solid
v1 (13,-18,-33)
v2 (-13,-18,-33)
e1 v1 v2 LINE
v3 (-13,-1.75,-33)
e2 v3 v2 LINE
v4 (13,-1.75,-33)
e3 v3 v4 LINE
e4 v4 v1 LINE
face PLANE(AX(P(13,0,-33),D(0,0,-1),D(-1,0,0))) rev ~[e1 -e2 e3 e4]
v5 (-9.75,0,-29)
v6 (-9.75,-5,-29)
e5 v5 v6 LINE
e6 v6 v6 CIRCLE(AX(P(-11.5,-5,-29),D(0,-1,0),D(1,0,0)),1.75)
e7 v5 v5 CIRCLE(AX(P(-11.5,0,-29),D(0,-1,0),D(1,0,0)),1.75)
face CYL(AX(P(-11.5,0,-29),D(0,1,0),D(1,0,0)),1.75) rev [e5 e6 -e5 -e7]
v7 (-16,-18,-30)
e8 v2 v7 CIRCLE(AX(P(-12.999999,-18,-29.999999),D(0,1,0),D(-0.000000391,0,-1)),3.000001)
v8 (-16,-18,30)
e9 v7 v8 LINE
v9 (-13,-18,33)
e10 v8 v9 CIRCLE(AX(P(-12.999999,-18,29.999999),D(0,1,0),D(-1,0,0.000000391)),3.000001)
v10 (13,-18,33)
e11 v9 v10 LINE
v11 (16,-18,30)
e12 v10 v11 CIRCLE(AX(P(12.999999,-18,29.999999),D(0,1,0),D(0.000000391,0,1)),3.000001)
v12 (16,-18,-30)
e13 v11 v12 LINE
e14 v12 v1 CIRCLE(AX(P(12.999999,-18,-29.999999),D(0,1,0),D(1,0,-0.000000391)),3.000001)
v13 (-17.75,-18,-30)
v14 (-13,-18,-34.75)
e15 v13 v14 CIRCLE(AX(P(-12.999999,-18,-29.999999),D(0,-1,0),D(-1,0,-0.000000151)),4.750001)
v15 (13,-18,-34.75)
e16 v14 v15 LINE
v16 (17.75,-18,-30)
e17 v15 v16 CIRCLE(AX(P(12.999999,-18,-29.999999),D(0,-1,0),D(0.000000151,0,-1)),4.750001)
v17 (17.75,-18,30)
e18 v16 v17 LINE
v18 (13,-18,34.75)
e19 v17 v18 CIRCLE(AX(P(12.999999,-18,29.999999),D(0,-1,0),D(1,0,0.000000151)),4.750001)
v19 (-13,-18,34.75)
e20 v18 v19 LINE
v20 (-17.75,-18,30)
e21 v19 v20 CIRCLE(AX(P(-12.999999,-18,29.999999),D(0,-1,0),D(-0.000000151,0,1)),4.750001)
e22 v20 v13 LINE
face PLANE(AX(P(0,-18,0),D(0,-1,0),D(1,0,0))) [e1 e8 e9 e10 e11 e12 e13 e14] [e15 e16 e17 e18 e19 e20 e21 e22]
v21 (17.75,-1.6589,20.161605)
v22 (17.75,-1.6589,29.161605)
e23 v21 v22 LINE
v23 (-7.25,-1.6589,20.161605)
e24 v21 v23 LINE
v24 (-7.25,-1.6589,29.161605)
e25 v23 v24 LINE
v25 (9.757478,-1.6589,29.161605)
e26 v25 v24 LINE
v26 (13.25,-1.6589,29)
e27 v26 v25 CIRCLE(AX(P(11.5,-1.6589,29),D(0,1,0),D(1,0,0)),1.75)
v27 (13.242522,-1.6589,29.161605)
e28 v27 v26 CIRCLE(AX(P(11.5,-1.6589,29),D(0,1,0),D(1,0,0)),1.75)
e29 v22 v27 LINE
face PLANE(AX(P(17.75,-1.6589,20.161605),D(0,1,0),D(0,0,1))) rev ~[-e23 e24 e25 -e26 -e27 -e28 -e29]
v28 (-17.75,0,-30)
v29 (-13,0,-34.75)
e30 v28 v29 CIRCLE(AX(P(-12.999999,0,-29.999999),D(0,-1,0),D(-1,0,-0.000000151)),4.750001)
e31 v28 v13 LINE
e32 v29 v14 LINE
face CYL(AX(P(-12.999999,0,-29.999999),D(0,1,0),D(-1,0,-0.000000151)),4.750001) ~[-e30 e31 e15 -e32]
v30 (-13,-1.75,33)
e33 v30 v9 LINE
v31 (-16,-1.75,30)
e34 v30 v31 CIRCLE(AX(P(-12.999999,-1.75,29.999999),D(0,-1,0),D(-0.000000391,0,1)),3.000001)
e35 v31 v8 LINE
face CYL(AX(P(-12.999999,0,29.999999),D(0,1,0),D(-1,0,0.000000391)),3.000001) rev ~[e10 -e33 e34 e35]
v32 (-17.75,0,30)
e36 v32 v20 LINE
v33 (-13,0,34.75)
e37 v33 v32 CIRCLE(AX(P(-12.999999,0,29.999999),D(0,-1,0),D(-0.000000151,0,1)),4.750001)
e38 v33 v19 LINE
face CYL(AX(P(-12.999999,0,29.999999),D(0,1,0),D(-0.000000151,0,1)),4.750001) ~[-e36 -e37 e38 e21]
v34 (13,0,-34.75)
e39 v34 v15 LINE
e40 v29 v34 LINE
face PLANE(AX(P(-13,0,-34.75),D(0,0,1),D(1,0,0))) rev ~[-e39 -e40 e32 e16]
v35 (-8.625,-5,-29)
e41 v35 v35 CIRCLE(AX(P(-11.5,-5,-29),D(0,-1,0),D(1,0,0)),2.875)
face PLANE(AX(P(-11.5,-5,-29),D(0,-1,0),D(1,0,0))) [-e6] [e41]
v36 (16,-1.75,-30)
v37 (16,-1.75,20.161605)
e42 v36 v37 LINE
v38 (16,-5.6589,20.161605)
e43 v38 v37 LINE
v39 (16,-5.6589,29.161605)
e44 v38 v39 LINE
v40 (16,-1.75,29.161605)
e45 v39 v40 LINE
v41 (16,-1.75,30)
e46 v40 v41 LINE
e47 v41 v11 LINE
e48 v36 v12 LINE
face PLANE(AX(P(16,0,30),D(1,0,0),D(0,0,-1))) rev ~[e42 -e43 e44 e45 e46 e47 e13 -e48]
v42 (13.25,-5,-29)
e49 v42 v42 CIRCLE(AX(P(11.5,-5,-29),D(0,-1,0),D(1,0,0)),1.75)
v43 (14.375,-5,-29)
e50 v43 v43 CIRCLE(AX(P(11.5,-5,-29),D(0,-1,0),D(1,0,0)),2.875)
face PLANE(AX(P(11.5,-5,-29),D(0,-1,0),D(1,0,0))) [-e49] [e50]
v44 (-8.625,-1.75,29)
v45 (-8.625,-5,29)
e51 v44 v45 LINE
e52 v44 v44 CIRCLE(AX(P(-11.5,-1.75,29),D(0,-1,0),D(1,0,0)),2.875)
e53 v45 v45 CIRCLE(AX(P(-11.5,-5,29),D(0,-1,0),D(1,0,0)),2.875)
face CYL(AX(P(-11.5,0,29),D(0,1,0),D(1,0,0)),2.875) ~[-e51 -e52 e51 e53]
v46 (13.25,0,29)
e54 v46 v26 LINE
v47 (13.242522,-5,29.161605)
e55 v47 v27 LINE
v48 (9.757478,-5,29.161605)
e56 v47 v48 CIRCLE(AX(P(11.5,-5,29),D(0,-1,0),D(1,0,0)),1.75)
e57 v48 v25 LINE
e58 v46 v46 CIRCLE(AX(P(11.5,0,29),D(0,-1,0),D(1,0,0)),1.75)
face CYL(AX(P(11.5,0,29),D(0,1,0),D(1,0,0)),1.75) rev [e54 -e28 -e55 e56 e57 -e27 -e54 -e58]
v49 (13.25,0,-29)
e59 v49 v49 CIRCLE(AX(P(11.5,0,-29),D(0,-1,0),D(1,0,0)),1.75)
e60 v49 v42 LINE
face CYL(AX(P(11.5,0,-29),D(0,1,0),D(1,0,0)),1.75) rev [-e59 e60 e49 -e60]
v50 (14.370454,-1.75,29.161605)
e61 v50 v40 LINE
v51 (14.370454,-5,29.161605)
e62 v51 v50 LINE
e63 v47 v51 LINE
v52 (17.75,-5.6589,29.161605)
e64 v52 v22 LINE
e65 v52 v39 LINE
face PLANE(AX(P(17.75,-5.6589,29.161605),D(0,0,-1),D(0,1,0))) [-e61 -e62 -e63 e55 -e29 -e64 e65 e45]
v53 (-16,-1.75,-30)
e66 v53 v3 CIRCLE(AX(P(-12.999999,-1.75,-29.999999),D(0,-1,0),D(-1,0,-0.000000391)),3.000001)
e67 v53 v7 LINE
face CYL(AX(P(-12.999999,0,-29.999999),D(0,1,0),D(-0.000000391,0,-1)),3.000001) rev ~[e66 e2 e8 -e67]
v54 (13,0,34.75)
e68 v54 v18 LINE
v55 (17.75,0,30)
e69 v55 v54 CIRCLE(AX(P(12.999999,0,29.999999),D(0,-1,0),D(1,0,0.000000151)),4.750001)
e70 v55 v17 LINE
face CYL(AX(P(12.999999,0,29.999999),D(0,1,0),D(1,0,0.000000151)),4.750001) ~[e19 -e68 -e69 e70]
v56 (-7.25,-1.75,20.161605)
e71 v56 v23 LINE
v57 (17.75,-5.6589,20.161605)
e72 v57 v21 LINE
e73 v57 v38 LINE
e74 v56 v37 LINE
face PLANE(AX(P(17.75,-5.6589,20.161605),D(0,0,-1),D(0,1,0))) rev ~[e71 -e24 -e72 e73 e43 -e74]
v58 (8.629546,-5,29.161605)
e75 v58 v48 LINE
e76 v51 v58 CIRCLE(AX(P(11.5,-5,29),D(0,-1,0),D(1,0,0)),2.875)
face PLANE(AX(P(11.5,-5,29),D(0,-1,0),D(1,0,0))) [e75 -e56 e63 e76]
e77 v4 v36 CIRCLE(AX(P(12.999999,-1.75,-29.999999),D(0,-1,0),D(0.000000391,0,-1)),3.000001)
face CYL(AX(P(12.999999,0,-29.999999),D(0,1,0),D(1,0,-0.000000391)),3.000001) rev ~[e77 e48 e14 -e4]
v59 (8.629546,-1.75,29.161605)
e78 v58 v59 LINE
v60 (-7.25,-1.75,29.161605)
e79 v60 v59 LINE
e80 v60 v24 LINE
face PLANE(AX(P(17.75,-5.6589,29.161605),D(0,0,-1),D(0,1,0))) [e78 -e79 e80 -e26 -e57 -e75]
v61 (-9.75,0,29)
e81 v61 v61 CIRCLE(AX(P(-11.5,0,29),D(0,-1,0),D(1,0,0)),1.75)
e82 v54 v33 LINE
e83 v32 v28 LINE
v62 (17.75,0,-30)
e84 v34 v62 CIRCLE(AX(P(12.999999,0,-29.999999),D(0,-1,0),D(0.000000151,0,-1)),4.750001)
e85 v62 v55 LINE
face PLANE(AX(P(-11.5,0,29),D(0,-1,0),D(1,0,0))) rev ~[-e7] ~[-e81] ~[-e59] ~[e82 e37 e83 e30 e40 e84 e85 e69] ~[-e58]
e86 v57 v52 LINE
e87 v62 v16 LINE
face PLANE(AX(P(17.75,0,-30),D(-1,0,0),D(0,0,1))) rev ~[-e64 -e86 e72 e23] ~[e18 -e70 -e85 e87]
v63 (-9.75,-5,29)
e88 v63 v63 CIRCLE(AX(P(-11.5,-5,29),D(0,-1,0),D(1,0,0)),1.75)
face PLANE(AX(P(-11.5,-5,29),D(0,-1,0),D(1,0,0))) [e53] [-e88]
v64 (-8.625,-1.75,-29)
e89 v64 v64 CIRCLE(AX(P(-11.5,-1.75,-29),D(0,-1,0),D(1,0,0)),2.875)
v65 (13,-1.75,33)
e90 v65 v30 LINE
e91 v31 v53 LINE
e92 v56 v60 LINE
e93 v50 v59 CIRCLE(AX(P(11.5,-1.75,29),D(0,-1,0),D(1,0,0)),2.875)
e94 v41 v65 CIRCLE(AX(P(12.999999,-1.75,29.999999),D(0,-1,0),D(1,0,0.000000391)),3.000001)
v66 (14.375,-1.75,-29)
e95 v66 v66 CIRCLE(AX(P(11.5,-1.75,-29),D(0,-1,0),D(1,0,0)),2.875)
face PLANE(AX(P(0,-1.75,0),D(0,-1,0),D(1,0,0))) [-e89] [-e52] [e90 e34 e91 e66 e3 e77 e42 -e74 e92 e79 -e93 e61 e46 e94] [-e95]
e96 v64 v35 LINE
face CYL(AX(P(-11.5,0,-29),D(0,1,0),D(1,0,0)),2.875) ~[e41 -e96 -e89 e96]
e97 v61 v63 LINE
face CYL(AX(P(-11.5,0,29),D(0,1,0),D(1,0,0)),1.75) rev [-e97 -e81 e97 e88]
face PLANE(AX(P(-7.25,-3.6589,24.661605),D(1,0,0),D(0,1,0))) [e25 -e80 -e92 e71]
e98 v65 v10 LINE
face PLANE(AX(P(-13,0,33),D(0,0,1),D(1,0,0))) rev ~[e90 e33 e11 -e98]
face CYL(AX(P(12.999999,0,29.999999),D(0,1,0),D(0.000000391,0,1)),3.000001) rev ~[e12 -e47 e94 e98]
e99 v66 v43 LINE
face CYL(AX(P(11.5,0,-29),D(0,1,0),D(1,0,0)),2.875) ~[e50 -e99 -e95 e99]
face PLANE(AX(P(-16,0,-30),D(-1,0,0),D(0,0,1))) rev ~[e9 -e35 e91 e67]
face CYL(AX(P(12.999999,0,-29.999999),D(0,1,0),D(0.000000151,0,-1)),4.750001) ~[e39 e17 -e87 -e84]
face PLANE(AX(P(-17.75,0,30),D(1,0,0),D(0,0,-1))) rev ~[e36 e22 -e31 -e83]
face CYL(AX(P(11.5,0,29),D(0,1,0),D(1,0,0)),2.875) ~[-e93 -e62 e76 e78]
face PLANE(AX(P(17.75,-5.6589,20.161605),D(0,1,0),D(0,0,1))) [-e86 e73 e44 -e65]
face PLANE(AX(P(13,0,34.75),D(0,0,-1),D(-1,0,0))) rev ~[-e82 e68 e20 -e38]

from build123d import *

# Parameters (mm, degrees)
F0_R     = 2.875
F1_DEPTH = 1.75
F2_DEPTH = 18
F0_R_2   = 1.75
F3_DEPTH = 5
F4_W     = 4
F4_H     = 9
F5_DEPTH = 25


with BuildPart() as f1:
    # F0 (on Front) → F1 (new body)
    with BuildSketch(Plane.XZ):
        with BuildLine():
            ThreePointArc((-13, 33), (-15.12132, 32.12132), (-16, 30))
            Line((-16, 30), (-16, -30))
            ThreePointArc((-16, -30), (-15.12132, -32.12132), (-13, -33))
            Line((-13, -33), (13, -33))
            ThreePointArc((13, -33), (15.12132, -32.12132), (16, -30))
            Line((16, -30), (16, 30))
            ThreePointArc((16, 30), (15.12132, 32.12132), (13, 33))
            Line((13, 33), (-13, 33))
        make_face()
        with Locations((-11.5, -29)):
            Circle(F0_R, mode=Mode.SUBTRACT)
        with Locations((11.5, -29)):
            Circle(F0_R, mode=Mode.SUBTRACT)
        with Locations((-11.5, 29)):
            Circle(F0_R, mode=Mode.SUBTRACT)
        with Locations((11.5, 29)):
            Circle(F0_R, mode=Mode.SUBTRACT)
    extrude(amount=F1_DEPTH)

    # F0 (on Front) → F2 (join)
    with BuildSketch(Plane.XZ):
        with BuildLine():
            Line((13, 34.75), (-13, 34.75))
            ThreePointArc((-13, 34.75), (-16.358757, 33.358757), (-17.75, 30))
            Line((-17.75, 30), (-17.75, -30))
            ThreePointArc((-17.75, -30), (-16.358757, -33.358757), (-13, -34.75))
            Line((-13, -34.75), (13, -34.75))
            ThreePointArc((13, -34.75), (16.358757, -33.358757), (17.75, -30))
            Line((17.75, -30), (17.75, 30))
            ThreePointArc((17.75, 30), (16.358757, 33.358757), (13, 34.75))
        make_face()
        with BuildLine():
            Line((-16, -30), (-16, 30))
            ThreePointArc((-16, 30), (-15.12132, 32.12132), (-13, 33))
            Line((-13, 33), (13, 33))
            ThreePointArc((13, 33), (15.12132, 32.12132), (16, 30))
            Line((16, 30), (16, -30))
            ThreePointArc((16, -30), (15.12132, -32.12132), (13, -33))
            Line((13, -33), (-13, -33))
            ThreePointArc((-13, -33), (-15.12132, -32.12132), (-16, -30))
        make_face(mode=Mode.SUBTRACT)
    extrude(amount=F2_DEPTH)

    # F0 (on Front) → F3 (join)
    with BuildSketch(Plane.XZ):
        with Locations((-11.5, 29)):
            Circle(F0_R)
        with Locations((-11.5, 29)):
            Circle(F0_R_2, mode=Mode.SUBTRACT)
        with Locations((11.5, 29)):
            Circle(F0_R)
        with Locations((11.5, 29)):
            Circle(F0_R_2, mode=Mode.SUBTRACT)
        with Locations((11.5, -29)):
            Circle(F0_R)
        with Locations((11.5, -29)):
            Circle(F0_R_2, mode=Mode.SUBTRACT)
        with Locations((-11.5, -29)):
            Circle(F0_R)
        with Locations((-11.5, -29)):
            Circle(F0_R_2, mode=Mode.SUBTRACT)
    extrude(amount=F3_DEPTH)

    # F4 (on face) → F5 (cut)
    with BuildSketch(Plane.YZ.offset(17.75)):
        with Locations((-3.6589, 24.661605)):
            Rectangle(F4_W, F4_H)
    extrude(amount=-F5_DEPTH, mode=Mode.SUBTRACT)


solid = f1.part
